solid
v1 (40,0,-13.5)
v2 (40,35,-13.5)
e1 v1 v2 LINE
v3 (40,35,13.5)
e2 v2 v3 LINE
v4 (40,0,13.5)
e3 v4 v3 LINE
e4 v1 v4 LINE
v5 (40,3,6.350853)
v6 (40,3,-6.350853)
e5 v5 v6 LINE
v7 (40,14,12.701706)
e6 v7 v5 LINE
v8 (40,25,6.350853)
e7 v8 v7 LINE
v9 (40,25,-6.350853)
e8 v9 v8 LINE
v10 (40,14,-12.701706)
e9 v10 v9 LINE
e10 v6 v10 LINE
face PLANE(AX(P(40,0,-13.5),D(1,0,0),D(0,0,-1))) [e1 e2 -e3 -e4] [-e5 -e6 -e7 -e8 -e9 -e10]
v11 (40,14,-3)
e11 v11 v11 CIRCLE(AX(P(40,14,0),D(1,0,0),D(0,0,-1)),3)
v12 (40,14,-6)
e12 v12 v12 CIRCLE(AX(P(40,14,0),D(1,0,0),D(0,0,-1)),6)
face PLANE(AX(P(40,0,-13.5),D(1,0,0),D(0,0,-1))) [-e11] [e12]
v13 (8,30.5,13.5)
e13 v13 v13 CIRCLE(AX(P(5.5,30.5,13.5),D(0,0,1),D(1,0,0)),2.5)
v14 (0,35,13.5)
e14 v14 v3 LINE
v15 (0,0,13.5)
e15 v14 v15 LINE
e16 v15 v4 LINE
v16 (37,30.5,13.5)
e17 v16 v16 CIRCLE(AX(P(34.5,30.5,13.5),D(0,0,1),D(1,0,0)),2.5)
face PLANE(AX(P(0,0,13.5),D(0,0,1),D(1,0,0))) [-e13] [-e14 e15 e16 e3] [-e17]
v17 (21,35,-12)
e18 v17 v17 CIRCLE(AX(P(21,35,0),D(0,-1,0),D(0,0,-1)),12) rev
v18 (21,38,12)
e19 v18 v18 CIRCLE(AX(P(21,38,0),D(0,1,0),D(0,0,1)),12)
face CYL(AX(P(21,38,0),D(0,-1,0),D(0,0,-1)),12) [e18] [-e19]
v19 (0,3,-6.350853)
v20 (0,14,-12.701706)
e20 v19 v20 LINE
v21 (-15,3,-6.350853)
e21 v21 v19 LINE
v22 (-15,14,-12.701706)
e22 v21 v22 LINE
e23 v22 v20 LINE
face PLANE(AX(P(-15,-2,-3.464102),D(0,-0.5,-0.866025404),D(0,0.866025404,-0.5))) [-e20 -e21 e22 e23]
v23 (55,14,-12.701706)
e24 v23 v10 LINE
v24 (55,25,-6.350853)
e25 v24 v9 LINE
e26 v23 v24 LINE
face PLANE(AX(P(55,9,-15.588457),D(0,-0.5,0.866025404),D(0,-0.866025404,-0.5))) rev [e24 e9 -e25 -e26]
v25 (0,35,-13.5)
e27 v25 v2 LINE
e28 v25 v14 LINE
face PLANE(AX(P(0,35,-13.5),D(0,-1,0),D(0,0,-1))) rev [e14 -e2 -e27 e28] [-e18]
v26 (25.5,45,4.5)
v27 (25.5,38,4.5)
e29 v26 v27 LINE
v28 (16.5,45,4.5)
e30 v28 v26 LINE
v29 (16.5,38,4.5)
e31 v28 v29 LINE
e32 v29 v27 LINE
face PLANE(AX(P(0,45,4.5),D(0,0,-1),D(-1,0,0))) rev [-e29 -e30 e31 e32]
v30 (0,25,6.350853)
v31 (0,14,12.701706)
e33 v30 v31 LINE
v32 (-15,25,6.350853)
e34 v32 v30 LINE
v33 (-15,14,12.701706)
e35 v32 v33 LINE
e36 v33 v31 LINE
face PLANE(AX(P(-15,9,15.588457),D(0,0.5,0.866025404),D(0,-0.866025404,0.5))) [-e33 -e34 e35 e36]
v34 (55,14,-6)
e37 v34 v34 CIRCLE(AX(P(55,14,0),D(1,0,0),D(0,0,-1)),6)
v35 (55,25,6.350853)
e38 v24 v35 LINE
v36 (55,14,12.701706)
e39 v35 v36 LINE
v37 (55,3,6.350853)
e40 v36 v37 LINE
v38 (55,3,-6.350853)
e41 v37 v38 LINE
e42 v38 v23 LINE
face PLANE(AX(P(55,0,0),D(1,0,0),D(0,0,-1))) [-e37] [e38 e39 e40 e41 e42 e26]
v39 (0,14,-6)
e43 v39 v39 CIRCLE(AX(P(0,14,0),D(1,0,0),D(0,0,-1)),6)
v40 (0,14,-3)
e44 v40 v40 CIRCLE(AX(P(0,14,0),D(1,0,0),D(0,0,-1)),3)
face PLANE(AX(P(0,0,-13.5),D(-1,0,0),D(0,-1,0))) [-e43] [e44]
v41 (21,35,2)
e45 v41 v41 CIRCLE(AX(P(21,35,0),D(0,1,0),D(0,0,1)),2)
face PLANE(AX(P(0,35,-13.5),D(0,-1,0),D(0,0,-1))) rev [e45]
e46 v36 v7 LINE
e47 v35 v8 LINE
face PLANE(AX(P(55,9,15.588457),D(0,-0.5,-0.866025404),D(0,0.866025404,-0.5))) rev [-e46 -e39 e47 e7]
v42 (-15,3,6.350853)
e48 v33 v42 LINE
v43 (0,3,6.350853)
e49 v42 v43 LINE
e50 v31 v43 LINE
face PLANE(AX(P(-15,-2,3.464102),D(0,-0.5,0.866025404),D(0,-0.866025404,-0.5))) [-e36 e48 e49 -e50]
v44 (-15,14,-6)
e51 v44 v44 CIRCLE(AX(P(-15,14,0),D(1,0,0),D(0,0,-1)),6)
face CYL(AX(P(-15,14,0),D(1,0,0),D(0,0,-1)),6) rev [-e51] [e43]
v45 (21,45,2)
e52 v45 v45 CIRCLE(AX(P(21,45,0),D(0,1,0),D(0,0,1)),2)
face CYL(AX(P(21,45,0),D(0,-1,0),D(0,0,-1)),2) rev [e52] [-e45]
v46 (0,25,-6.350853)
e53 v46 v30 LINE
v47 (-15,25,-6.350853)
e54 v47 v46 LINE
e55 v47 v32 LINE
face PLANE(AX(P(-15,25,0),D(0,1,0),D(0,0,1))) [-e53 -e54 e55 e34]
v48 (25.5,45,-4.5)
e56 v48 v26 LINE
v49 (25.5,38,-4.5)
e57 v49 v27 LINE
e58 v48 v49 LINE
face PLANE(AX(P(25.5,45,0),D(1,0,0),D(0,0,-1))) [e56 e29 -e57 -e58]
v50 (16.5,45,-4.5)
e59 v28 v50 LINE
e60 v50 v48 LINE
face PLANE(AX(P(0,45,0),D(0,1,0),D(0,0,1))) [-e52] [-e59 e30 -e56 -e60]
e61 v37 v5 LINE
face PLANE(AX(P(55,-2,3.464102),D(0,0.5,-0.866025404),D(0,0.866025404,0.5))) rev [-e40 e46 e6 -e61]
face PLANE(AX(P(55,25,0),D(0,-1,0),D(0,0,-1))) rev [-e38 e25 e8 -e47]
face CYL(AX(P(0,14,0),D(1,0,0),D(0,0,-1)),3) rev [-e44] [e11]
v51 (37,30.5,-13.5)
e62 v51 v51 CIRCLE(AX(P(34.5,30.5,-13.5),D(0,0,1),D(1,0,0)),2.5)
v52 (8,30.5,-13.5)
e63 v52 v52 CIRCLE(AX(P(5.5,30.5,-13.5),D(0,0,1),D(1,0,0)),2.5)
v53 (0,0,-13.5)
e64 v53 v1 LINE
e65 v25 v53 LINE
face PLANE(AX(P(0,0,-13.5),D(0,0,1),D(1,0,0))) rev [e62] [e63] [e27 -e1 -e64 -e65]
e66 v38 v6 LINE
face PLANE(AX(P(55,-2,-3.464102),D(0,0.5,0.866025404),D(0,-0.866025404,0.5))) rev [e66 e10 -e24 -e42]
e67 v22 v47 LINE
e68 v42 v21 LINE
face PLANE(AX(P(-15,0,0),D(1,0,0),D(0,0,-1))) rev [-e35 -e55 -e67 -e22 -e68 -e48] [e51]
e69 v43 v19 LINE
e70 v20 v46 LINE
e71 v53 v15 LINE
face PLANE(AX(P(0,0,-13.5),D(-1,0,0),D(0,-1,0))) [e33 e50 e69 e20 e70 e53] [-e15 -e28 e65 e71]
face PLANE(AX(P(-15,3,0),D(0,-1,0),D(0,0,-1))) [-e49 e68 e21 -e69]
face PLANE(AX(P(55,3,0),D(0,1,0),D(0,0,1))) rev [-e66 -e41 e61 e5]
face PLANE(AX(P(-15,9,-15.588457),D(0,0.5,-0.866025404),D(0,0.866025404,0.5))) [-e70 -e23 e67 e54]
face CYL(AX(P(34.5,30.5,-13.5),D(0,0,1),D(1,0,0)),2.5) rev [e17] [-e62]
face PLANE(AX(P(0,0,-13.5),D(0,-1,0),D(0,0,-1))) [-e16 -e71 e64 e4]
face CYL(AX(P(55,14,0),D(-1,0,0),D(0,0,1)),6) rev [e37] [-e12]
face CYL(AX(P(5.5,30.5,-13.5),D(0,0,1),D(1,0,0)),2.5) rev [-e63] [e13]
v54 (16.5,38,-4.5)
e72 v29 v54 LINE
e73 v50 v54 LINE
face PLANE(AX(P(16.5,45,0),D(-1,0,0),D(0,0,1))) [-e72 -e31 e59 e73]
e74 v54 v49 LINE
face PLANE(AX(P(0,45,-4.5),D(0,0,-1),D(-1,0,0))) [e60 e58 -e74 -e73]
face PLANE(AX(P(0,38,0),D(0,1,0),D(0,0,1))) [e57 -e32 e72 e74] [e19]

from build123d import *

# Parameters (mm, degrees)
DODANIE_WYCI_GNI_CIE1_DEPTH      = 13.5
DODANIE_WYCI_GNI_CIE1_DEPTH_BACK = 13.5
SZKIC2_R                         = 6
DODANIE_WYCI_GNI_CIE2_DEPTH      = 15
WYTNIJ_WYCI_GNI_CIE2_DEPTH       = 40
DODANIE_WYCI_GNI_CIE3_START      = -55
SZKIC2_6_R                       = 6
DODANIE_WYCI_GNI_CIE3_DEPTH      = 15
DODANIE_WYCI_GNI_CIE4_START      = 35
DODANIE_WYCI_GNI_CIE4_DEPTH      = 3
DODANIE_WYCI_GNI_CIE5_START      = 35
SZKIC3_3_W                       = 9
SZKIC3_3_H                       = 9
SZKIC3_3_R                       = 2
DODANIE_WYCI_GNI_CIE5_DEPTH      = 10


with BuildPart() as part:
    # Szkic1 → Dodanie-wyciągnięcie1 (new, two sides: drawn at the far end of the back side and taken through both)
    with BuildSketch(Plane.XY.offset(-DODANIE_WYCI_GNI_CIE1_DEPTH_BACK)):
        Polygon((40, 35), (0, 35), (0, 33), (0, 0), (40, 0), (40, 33), align=None)
        with BuildLine():
            ThreePointArc((8, 30.5), (3.732233047, 28.732233047), (5.5, 33))
            ThreePointArc((5.5, 33), (7.267766953, 32.267766953), (8, 30.5))
        make_face(mode=Mode.SUBTRACT)
        with BuildLine():
            ThreePointArc((37, 30.5), (32.732233047, 28.732233047), (34.5, 33))
            ThreePointArc((34.5, 33), (36.267766953, 32.267766953), (37, 30.5))
        make_face(mode=Mode.SUBTRACT)
    extrude(amount=DODANIE_WYCI_GNI_CIE1_DEPTH + DODANIE_WYCI_GNI_CIE1_DEPTH_BACK)

    # Szkic2 → Dodanie-wyciągnięcie2 (add)
    with BuildSketch(Plane(origin=(40, 0, 0), x_dir=(0, 0, -1), z_dir=(1, 0, 0))):
        Polygon((6.350852961, 3), (12.701705922, 14), (6.350852961, 25), (-6.350852961, 25), (-12.701705922, 14), (-6.350852961, 3), (1.5e-08, 3), align=None)
        with Locations((0, 14)):
            Circle(SZKIC2_R, mode=Mode.SUBTRACT)
    extrude(amount=DODANIE_WYCI_GNI_CIE2_DEPTH)

    # Szkic2<4> → Wytnij-wyciągnięcie2 (cut)
    with BuildSketch(Plane(origin=(40, 0, 0), x_dir=(0, 0, -1), z_dir=(1, 0, 0))):
        with BuildLine():
            ThreePointArc((3, 14), (-2.121320344, 16.121320344), (0, 11))
            ThreePointArc((0, 11), (2.121320344, 11.878679656), (3, 14))
        make_face()
    extrude(amount=-WYTNIJ_WYCI_GNI_CIE2_DEPTH, mode=Mode.SUBTRACT)

    # Szkic2<6> → Dodanie-wyciągnięcie3 (add)
    with BuildSketch(Plane(origin=(40, 0, 0), x_dir=(0, 0, -1), z_dir=(1, 0, 0)).offset(DODANIE_WYCI_GNI_CIE3_START)):
        Polygon((6.350852961, 3), (12.701705922, 14), (6.350852961, 25), (-6.350852961, 25), (-12.701705922, 14), (-6.350852961, 3), (1.5e-08, 3), align=None)
        with Locations((0, 14)):
            Circle(SZKIC2_6_R, mode=Mode.SUBTRACT)
    extrude(amount=DODANIE_WYCI_GNI_CIE3_DEPTH)

    # Szkic3 → Dodanie-wyciągnięcie4 (add)
    with BuildSketch(Plane(origin=(0, 0, 0), x_dir=(1, 0, 0), z_dir=(0, 1, 0)).offset(DODANIE_WYCI_GNI_CIE4_START)):
        with BuildLine():
            ThreePointArc((33, 0), (21, 12), (9, 0))
            ThreePointArc((9, 0), (21, -12), (33, 0))
        make_face()
        Polygon((16.5, -4.5), (16.5, 0), (16.5, 4.5), (25.5, 4.5), (25.5, 0), (25.5, -4.5), align=None, mode=Mode.SUBTRACT)
    extrude(amount=DODANIE_WYCI_GNI_CIE4_DEPTH)

    # Szkic3<3> → Dodanie-wyciągnięcie5 (add)
    with BuildSketch(Plane(origin=(0, 0, 0), x_dir=(1, 0, 0), z_dir=(0, 1, 0)).offset(DODANIE_WYCI_GNI_CIE5_START)):
        with Locations((21, 0)):
            Rectangle(SZKIC3_3_W, SZKIC3_3_H)
        with Locations((21, 0)):
            Circle(SZKIC3_3_R, mode=Mode.SUBTRACT)
    extrude(amount=DODANIE_WYCI_GNI_CIE5_DEPTH)


solid = part.part
